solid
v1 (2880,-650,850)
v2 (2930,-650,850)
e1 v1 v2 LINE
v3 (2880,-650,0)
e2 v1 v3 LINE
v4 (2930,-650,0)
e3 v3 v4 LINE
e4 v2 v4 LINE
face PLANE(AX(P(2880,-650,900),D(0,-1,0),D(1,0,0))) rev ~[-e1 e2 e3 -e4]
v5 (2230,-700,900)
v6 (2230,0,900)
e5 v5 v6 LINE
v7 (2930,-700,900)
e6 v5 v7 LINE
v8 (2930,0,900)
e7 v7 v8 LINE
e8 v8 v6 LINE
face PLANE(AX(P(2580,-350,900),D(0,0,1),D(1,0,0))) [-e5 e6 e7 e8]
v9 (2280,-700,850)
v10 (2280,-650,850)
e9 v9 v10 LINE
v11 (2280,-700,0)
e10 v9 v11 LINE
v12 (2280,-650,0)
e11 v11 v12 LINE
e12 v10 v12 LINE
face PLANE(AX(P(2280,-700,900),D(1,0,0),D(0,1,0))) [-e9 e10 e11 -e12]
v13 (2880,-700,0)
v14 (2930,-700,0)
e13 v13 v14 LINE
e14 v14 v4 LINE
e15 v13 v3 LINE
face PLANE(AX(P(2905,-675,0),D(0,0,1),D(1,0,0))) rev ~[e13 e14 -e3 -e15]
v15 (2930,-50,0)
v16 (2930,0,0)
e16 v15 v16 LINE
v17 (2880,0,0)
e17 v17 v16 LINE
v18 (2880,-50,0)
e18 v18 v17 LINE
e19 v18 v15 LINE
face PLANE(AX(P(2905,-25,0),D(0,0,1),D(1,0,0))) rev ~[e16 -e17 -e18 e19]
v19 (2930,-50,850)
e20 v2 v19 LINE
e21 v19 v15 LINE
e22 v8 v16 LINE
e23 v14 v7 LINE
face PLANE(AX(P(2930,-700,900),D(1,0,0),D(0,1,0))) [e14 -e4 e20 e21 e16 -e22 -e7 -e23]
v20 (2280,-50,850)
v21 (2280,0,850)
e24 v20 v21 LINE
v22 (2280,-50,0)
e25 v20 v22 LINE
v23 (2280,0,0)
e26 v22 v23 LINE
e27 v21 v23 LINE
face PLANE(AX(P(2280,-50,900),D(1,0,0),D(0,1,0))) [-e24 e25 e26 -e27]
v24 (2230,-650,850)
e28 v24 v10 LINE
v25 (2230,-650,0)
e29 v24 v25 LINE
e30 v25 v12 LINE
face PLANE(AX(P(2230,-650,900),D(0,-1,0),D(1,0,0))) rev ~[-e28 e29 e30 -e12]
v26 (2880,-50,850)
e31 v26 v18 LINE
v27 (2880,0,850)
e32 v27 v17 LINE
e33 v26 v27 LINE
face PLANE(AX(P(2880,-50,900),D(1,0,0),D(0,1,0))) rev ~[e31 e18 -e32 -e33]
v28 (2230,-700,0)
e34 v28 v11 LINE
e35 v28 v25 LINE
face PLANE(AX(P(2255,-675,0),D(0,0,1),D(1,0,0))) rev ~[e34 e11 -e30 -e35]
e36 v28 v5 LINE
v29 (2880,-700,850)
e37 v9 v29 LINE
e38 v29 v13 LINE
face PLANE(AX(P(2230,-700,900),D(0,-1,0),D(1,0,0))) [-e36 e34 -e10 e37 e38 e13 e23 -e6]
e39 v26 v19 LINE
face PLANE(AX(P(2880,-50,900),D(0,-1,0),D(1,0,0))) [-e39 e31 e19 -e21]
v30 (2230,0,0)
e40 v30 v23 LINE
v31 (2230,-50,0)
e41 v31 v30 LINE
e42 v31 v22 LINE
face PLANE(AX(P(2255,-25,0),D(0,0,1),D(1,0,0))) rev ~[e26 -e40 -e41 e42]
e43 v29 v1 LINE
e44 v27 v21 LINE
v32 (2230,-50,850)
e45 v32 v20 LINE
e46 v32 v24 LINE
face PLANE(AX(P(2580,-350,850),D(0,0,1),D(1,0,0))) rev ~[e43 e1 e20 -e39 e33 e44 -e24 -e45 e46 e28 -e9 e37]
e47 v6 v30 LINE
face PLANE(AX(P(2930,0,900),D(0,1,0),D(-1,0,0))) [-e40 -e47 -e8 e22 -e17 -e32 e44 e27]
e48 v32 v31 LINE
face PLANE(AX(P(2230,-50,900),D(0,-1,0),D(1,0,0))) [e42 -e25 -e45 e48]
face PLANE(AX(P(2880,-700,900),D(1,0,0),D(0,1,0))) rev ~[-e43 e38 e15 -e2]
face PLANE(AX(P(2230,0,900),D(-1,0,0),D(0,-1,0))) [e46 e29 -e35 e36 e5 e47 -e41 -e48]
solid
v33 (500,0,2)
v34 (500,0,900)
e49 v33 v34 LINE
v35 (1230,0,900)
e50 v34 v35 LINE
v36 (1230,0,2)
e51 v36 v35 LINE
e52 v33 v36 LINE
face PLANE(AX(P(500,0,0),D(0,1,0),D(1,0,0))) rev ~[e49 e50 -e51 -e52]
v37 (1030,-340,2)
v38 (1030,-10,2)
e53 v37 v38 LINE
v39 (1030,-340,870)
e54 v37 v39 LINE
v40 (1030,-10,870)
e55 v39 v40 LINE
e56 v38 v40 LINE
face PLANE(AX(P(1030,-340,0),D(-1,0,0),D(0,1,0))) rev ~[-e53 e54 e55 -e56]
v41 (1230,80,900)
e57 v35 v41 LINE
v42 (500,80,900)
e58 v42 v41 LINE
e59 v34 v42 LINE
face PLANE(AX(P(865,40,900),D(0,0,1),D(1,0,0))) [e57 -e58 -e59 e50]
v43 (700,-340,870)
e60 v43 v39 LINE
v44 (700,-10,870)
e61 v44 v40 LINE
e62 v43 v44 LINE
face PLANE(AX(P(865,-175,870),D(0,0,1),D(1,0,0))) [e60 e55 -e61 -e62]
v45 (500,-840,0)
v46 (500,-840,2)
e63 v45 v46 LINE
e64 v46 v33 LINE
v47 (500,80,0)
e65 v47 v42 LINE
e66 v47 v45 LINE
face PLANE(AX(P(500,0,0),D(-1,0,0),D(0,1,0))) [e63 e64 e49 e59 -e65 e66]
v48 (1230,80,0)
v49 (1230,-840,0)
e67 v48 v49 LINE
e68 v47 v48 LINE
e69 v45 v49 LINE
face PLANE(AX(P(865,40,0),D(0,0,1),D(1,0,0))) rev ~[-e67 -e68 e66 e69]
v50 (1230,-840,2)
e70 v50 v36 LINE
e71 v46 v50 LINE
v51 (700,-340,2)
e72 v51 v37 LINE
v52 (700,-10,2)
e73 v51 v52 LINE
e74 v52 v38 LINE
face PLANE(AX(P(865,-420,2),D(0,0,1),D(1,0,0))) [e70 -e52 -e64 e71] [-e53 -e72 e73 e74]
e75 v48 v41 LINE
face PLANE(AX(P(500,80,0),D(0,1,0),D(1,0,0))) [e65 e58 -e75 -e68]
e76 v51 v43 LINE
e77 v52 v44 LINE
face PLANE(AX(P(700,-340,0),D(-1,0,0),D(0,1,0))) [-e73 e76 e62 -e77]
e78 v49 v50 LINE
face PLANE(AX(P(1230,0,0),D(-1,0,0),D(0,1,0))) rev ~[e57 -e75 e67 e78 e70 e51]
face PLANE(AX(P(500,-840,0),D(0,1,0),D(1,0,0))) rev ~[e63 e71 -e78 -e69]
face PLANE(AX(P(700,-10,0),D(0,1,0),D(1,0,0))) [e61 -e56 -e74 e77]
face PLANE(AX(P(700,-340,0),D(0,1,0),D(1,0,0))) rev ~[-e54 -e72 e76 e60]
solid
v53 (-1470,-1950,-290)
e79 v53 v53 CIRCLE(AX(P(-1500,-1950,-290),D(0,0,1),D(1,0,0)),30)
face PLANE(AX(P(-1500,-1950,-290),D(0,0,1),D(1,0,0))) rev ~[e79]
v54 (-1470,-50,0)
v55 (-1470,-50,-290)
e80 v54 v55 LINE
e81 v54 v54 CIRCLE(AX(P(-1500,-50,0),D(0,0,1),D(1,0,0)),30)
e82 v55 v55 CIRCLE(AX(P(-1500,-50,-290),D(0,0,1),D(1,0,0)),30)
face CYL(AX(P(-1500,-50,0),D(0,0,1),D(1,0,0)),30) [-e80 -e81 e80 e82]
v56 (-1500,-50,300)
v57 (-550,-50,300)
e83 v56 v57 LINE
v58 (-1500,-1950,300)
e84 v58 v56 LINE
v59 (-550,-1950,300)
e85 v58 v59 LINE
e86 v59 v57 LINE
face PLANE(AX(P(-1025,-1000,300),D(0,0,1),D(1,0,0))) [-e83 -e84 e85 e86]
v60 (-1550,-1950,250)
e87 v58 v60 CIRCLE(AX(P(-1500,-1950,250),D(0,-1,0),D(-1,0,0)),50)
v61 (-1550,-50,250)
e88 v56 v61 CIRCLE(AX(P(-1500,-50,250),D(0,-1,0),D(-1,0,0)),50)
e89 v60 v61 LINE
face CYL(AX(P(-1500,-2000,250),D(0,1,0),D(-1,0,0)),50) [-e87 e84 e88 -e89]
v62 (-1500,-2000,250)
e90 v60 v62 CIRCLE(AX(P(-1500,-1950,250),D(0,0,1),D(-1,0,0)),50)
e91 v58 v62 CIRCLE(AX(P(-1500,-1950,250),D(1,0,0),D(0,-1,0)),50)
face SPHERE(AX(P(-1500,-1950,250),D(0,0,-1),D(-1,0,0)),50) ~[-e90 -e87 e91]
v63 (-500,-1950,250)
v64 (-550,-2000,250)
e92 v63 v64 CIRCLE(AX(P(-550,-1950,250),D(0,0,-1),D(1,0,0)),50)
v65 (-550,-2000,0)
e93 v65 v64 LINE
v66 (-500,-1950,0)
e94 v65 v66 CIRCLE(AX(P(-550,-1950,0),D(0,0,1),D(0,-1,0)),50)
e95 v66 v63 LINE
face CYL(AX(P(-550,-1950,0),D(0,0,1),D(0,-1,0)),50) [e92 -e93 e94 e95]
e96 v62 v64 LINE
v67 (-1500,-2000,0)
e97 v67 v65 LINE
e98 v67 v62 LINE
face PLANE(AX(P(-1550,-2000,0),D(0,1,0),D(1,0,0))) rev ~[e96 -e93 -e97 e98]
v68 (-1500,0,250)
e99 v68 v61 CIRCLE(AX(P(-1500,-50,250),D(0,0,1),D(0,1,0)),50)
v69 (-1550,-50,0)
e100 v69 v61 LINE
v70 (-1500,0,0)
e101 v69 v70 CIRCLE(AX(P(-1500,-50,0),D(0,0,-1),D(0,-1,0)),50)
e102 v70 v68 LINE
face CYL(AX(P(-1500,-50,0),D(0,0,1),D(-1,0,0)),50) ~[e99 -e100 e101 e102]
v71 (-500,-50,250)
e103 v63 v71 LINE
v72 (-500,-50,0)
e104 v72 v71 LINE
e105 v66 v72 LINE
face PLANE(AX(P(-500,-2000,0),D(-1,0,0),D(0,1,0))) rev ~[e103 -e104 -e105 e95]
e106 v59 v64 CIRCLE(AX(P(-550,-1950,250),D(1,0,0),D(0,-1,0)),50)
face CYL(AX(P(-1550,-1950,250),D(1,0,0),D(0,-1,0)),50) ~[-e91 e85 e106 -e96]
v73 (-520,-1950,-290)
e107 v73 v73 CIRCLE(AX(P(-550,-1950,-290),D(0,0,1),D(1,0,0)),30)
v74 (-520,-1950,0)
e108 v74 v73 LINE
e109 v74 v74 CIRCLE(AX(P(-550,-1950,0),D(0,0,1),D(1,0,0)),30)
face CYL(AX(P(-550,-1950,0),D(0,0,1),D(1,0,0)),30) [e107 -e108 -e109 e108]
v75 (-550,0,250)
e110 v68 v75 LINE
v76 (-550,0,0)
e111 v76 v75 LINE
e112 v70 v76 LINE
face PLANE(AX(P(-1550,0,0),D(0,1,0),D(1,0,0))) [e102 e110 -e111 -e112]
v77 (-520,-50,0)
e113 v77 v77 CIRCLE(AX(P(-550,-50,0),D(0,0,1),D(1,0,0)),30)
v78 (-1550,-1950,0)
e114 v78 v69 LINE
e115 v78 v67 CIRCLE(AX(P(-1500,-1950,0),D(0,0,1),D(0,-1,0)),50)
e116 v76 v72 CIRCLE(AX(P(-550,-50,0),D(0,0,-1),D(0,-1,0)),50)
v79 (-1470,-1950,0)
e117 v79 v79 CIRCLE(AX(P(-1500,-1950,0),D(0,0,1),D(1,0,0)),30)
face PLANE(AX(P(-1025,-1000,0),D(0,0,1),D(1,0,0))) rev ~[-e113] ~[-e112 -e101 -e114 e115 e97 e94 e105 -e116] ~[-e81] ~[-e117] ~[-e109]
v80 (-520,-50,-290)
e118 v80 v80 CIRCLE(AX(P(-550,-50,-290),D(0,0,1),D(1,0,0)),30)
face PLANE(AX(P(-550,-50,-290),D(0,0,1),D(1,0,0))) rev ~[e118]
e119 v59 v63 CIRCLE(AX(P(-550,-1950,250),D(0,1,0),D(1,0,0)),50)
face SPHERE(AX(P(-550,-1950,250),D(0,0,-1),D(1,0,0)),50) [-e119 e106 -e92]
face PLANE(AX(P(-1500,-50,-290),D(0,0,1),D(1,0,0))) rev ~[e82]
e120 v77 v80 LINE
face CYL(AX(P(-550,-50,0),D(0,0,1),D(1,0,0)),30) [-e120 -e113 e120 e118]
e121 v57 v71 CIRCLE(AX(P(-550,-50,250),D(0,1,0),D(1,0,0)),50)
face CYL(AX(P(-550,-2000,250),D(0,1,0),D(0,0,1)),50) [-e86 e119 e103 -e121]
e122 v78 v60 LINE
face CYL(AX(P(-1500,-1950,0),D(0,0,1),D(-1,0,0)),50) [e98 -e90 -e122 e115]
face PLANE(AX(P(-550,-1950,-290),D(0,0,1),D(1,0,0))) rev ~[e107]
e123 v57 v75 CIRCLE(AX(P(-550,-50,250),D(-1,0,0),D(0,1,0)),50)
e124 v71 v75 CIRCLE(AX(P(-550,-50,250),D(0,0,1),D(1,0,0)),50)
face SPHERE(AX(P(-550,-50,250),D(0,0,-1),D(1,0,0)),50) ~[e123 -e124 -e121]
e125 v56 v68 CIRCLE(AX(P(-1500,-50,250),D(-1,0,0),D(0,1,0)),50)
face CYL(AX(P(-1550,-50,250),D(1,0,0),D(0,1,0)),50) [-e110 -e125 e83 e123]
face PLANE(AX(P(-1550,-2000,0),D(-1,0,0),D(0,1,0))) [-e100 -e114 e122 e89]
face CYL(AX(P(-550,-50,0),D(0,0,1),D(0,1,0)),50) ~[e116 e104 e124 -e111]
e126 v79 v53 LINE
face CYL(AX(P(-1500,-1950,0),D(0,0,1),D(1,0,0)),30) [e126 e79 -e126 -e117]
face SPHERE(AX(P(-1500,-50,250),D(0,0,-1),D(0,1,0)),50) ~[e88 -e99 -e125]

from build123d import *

# Parameters (mm, degrees)
F0_W      = 1050
F0_H      = 2000
F0_R      = 30
F1_DEPTH  = 300
F2_DEPTH  = 290
F3_R      = 50
F0_W_2    = 330
F0_H_2    = 330
F4_DEPTH  = 870
F0_W_3    = 730
F0_H_3    = 840
F5_DEPTH  = 2
F0_H_4    = 80
F6_DEPTH  = 900
F8_W      = 50
F8_H      = 50
F9_DEPTH  = 50
F10_DEPTH = 900


with BuildPart() as f1:
    # F0 (on Top) → F1 (new body)
    with BuildSketch(Plane.XY):
        with Locations((-1025, -1000)):
            Rectangle(F0_W, F0_H)
        with Locations((-1500, -1950)):
            Circle(F0_R, mode=Mode.SUBTRACT)
        with Locations((-550, -1950)):
            Circle(F0_R, mode=Mode.SUBTRACT)
        with Locations((-1500, -50)):
            Circle(F0_R, mode=Mode.SUBTRACT)
        with Locations((-550, -50)):
            Circle(F0_R, mode=Mode.SUBTRACT)
        with Locations((-1500, -50)):
            Circle(F0_R)
        with Locations((-550, -50)):
            Circle(F0_R)
        with Locations((-550, -1950)):
            Circle(F0_R)
        with Locations((-1500, -1950)):
            Circle(F0_R)
    extrude(amount=F1_DEPTH)

    # F0 (on Top) → F2 (join)
    with BuildSketch(Plane.XY):
        with Locations((-550, -50)):
            Circle(F0_R)
        with Locations((-1500, -50)):
            Circle(F0_R)
        with Locations((-1500, -1950)):
            Circle(F0_R)
        with Locations((-550, -1950)):
            Circle(F0_R)
    extrude(amount=-F2_DEPTH)

    # F3
    f3_edges = [f1.edges().sort_by_distance(p)[0] for p in [
        (-1550, 0, 150),
        (-1550, -2000, 150),
        (-500, -2000, 150),
        (-500, 0, 150),
        (-500, -1000, 300),
        (-1025, 0, 300),
        (-1550, -1000, 300),
        (-1025, -2000, 300),
    ]]
    fillet(f3_edges, radius=F3_R)


with BuildPart() as f4:
    # F0 (on Top) → F4 (new body)
    with BuildSketch(Plane.XY):
        with Locations((865, -175)):
            Rectangle(F0_W_2, F0_H_2)
    extrude(amount=F4_DEPTH)

    # F0 (on Top) → F5 (join)
    with BuildSketch(Plane.XY):
        with Locations((865, -420)):
            Rectangle(F0_W_3, F0_H_3)
        with Locations((865, -175)):
            Rectangle(F0_W_2, F0_H_2, mode=Mode.SUBTRACT)
    extrude(amount=F5_DEPTH)

    # F0 (on Top) → F6 (join)
    with BuildSketch(Plane.XY):
        with Locations((865, 40)):
            Rectangle(F0_W_3, F0_H_4)
    extrude(amount=F6_DEPTH)


with BuildPart() as f9:
    # F8 (on offset) → F9 (new body)
    with BuildSketch(Plane.XY.offset(900)):
        Polygon((2880, 0), (2280, 0), (2280, -50), (2230, -50), (2230, -650), (2280, -650), (2280, -700), (2880, -700), (2880, -650), (2930, -650), (2930, -50), (2880, -50), align=None)
        with Locations((2255, -25)):
            Rectangle(F8_W, F8_H)
        with Locations((2905, -25)):
            Rectangle(F8_W, F8_H)
        with Locations((2905, -675)):
            Rectangle(F8_W, F8_H)
        with Locations((2255, -675)):
            Rectangle(F8_W, F8_H)
    extrude(amount=-F9_DEPTH)

    # F8 (on offset) → F10 (join, through all)
    with BuildSketch(Plane.XY.offset(900)):
        with Locations((2255, -675)):
            Rectangle(F8_W, F8_H)
        with Locations((2905, -675)):
            Rectangle(F8_W, F8_H)
        with Locations((2255, -25)):
            Rectangle(F8_W, F8_H)
        with Locations((2905, -25)):
            Rectangle(F8_W, F8_H)
    extrude(amount=-F10_DEPTH)


solid = Compound([f1.part, f4.part, f9.part])
